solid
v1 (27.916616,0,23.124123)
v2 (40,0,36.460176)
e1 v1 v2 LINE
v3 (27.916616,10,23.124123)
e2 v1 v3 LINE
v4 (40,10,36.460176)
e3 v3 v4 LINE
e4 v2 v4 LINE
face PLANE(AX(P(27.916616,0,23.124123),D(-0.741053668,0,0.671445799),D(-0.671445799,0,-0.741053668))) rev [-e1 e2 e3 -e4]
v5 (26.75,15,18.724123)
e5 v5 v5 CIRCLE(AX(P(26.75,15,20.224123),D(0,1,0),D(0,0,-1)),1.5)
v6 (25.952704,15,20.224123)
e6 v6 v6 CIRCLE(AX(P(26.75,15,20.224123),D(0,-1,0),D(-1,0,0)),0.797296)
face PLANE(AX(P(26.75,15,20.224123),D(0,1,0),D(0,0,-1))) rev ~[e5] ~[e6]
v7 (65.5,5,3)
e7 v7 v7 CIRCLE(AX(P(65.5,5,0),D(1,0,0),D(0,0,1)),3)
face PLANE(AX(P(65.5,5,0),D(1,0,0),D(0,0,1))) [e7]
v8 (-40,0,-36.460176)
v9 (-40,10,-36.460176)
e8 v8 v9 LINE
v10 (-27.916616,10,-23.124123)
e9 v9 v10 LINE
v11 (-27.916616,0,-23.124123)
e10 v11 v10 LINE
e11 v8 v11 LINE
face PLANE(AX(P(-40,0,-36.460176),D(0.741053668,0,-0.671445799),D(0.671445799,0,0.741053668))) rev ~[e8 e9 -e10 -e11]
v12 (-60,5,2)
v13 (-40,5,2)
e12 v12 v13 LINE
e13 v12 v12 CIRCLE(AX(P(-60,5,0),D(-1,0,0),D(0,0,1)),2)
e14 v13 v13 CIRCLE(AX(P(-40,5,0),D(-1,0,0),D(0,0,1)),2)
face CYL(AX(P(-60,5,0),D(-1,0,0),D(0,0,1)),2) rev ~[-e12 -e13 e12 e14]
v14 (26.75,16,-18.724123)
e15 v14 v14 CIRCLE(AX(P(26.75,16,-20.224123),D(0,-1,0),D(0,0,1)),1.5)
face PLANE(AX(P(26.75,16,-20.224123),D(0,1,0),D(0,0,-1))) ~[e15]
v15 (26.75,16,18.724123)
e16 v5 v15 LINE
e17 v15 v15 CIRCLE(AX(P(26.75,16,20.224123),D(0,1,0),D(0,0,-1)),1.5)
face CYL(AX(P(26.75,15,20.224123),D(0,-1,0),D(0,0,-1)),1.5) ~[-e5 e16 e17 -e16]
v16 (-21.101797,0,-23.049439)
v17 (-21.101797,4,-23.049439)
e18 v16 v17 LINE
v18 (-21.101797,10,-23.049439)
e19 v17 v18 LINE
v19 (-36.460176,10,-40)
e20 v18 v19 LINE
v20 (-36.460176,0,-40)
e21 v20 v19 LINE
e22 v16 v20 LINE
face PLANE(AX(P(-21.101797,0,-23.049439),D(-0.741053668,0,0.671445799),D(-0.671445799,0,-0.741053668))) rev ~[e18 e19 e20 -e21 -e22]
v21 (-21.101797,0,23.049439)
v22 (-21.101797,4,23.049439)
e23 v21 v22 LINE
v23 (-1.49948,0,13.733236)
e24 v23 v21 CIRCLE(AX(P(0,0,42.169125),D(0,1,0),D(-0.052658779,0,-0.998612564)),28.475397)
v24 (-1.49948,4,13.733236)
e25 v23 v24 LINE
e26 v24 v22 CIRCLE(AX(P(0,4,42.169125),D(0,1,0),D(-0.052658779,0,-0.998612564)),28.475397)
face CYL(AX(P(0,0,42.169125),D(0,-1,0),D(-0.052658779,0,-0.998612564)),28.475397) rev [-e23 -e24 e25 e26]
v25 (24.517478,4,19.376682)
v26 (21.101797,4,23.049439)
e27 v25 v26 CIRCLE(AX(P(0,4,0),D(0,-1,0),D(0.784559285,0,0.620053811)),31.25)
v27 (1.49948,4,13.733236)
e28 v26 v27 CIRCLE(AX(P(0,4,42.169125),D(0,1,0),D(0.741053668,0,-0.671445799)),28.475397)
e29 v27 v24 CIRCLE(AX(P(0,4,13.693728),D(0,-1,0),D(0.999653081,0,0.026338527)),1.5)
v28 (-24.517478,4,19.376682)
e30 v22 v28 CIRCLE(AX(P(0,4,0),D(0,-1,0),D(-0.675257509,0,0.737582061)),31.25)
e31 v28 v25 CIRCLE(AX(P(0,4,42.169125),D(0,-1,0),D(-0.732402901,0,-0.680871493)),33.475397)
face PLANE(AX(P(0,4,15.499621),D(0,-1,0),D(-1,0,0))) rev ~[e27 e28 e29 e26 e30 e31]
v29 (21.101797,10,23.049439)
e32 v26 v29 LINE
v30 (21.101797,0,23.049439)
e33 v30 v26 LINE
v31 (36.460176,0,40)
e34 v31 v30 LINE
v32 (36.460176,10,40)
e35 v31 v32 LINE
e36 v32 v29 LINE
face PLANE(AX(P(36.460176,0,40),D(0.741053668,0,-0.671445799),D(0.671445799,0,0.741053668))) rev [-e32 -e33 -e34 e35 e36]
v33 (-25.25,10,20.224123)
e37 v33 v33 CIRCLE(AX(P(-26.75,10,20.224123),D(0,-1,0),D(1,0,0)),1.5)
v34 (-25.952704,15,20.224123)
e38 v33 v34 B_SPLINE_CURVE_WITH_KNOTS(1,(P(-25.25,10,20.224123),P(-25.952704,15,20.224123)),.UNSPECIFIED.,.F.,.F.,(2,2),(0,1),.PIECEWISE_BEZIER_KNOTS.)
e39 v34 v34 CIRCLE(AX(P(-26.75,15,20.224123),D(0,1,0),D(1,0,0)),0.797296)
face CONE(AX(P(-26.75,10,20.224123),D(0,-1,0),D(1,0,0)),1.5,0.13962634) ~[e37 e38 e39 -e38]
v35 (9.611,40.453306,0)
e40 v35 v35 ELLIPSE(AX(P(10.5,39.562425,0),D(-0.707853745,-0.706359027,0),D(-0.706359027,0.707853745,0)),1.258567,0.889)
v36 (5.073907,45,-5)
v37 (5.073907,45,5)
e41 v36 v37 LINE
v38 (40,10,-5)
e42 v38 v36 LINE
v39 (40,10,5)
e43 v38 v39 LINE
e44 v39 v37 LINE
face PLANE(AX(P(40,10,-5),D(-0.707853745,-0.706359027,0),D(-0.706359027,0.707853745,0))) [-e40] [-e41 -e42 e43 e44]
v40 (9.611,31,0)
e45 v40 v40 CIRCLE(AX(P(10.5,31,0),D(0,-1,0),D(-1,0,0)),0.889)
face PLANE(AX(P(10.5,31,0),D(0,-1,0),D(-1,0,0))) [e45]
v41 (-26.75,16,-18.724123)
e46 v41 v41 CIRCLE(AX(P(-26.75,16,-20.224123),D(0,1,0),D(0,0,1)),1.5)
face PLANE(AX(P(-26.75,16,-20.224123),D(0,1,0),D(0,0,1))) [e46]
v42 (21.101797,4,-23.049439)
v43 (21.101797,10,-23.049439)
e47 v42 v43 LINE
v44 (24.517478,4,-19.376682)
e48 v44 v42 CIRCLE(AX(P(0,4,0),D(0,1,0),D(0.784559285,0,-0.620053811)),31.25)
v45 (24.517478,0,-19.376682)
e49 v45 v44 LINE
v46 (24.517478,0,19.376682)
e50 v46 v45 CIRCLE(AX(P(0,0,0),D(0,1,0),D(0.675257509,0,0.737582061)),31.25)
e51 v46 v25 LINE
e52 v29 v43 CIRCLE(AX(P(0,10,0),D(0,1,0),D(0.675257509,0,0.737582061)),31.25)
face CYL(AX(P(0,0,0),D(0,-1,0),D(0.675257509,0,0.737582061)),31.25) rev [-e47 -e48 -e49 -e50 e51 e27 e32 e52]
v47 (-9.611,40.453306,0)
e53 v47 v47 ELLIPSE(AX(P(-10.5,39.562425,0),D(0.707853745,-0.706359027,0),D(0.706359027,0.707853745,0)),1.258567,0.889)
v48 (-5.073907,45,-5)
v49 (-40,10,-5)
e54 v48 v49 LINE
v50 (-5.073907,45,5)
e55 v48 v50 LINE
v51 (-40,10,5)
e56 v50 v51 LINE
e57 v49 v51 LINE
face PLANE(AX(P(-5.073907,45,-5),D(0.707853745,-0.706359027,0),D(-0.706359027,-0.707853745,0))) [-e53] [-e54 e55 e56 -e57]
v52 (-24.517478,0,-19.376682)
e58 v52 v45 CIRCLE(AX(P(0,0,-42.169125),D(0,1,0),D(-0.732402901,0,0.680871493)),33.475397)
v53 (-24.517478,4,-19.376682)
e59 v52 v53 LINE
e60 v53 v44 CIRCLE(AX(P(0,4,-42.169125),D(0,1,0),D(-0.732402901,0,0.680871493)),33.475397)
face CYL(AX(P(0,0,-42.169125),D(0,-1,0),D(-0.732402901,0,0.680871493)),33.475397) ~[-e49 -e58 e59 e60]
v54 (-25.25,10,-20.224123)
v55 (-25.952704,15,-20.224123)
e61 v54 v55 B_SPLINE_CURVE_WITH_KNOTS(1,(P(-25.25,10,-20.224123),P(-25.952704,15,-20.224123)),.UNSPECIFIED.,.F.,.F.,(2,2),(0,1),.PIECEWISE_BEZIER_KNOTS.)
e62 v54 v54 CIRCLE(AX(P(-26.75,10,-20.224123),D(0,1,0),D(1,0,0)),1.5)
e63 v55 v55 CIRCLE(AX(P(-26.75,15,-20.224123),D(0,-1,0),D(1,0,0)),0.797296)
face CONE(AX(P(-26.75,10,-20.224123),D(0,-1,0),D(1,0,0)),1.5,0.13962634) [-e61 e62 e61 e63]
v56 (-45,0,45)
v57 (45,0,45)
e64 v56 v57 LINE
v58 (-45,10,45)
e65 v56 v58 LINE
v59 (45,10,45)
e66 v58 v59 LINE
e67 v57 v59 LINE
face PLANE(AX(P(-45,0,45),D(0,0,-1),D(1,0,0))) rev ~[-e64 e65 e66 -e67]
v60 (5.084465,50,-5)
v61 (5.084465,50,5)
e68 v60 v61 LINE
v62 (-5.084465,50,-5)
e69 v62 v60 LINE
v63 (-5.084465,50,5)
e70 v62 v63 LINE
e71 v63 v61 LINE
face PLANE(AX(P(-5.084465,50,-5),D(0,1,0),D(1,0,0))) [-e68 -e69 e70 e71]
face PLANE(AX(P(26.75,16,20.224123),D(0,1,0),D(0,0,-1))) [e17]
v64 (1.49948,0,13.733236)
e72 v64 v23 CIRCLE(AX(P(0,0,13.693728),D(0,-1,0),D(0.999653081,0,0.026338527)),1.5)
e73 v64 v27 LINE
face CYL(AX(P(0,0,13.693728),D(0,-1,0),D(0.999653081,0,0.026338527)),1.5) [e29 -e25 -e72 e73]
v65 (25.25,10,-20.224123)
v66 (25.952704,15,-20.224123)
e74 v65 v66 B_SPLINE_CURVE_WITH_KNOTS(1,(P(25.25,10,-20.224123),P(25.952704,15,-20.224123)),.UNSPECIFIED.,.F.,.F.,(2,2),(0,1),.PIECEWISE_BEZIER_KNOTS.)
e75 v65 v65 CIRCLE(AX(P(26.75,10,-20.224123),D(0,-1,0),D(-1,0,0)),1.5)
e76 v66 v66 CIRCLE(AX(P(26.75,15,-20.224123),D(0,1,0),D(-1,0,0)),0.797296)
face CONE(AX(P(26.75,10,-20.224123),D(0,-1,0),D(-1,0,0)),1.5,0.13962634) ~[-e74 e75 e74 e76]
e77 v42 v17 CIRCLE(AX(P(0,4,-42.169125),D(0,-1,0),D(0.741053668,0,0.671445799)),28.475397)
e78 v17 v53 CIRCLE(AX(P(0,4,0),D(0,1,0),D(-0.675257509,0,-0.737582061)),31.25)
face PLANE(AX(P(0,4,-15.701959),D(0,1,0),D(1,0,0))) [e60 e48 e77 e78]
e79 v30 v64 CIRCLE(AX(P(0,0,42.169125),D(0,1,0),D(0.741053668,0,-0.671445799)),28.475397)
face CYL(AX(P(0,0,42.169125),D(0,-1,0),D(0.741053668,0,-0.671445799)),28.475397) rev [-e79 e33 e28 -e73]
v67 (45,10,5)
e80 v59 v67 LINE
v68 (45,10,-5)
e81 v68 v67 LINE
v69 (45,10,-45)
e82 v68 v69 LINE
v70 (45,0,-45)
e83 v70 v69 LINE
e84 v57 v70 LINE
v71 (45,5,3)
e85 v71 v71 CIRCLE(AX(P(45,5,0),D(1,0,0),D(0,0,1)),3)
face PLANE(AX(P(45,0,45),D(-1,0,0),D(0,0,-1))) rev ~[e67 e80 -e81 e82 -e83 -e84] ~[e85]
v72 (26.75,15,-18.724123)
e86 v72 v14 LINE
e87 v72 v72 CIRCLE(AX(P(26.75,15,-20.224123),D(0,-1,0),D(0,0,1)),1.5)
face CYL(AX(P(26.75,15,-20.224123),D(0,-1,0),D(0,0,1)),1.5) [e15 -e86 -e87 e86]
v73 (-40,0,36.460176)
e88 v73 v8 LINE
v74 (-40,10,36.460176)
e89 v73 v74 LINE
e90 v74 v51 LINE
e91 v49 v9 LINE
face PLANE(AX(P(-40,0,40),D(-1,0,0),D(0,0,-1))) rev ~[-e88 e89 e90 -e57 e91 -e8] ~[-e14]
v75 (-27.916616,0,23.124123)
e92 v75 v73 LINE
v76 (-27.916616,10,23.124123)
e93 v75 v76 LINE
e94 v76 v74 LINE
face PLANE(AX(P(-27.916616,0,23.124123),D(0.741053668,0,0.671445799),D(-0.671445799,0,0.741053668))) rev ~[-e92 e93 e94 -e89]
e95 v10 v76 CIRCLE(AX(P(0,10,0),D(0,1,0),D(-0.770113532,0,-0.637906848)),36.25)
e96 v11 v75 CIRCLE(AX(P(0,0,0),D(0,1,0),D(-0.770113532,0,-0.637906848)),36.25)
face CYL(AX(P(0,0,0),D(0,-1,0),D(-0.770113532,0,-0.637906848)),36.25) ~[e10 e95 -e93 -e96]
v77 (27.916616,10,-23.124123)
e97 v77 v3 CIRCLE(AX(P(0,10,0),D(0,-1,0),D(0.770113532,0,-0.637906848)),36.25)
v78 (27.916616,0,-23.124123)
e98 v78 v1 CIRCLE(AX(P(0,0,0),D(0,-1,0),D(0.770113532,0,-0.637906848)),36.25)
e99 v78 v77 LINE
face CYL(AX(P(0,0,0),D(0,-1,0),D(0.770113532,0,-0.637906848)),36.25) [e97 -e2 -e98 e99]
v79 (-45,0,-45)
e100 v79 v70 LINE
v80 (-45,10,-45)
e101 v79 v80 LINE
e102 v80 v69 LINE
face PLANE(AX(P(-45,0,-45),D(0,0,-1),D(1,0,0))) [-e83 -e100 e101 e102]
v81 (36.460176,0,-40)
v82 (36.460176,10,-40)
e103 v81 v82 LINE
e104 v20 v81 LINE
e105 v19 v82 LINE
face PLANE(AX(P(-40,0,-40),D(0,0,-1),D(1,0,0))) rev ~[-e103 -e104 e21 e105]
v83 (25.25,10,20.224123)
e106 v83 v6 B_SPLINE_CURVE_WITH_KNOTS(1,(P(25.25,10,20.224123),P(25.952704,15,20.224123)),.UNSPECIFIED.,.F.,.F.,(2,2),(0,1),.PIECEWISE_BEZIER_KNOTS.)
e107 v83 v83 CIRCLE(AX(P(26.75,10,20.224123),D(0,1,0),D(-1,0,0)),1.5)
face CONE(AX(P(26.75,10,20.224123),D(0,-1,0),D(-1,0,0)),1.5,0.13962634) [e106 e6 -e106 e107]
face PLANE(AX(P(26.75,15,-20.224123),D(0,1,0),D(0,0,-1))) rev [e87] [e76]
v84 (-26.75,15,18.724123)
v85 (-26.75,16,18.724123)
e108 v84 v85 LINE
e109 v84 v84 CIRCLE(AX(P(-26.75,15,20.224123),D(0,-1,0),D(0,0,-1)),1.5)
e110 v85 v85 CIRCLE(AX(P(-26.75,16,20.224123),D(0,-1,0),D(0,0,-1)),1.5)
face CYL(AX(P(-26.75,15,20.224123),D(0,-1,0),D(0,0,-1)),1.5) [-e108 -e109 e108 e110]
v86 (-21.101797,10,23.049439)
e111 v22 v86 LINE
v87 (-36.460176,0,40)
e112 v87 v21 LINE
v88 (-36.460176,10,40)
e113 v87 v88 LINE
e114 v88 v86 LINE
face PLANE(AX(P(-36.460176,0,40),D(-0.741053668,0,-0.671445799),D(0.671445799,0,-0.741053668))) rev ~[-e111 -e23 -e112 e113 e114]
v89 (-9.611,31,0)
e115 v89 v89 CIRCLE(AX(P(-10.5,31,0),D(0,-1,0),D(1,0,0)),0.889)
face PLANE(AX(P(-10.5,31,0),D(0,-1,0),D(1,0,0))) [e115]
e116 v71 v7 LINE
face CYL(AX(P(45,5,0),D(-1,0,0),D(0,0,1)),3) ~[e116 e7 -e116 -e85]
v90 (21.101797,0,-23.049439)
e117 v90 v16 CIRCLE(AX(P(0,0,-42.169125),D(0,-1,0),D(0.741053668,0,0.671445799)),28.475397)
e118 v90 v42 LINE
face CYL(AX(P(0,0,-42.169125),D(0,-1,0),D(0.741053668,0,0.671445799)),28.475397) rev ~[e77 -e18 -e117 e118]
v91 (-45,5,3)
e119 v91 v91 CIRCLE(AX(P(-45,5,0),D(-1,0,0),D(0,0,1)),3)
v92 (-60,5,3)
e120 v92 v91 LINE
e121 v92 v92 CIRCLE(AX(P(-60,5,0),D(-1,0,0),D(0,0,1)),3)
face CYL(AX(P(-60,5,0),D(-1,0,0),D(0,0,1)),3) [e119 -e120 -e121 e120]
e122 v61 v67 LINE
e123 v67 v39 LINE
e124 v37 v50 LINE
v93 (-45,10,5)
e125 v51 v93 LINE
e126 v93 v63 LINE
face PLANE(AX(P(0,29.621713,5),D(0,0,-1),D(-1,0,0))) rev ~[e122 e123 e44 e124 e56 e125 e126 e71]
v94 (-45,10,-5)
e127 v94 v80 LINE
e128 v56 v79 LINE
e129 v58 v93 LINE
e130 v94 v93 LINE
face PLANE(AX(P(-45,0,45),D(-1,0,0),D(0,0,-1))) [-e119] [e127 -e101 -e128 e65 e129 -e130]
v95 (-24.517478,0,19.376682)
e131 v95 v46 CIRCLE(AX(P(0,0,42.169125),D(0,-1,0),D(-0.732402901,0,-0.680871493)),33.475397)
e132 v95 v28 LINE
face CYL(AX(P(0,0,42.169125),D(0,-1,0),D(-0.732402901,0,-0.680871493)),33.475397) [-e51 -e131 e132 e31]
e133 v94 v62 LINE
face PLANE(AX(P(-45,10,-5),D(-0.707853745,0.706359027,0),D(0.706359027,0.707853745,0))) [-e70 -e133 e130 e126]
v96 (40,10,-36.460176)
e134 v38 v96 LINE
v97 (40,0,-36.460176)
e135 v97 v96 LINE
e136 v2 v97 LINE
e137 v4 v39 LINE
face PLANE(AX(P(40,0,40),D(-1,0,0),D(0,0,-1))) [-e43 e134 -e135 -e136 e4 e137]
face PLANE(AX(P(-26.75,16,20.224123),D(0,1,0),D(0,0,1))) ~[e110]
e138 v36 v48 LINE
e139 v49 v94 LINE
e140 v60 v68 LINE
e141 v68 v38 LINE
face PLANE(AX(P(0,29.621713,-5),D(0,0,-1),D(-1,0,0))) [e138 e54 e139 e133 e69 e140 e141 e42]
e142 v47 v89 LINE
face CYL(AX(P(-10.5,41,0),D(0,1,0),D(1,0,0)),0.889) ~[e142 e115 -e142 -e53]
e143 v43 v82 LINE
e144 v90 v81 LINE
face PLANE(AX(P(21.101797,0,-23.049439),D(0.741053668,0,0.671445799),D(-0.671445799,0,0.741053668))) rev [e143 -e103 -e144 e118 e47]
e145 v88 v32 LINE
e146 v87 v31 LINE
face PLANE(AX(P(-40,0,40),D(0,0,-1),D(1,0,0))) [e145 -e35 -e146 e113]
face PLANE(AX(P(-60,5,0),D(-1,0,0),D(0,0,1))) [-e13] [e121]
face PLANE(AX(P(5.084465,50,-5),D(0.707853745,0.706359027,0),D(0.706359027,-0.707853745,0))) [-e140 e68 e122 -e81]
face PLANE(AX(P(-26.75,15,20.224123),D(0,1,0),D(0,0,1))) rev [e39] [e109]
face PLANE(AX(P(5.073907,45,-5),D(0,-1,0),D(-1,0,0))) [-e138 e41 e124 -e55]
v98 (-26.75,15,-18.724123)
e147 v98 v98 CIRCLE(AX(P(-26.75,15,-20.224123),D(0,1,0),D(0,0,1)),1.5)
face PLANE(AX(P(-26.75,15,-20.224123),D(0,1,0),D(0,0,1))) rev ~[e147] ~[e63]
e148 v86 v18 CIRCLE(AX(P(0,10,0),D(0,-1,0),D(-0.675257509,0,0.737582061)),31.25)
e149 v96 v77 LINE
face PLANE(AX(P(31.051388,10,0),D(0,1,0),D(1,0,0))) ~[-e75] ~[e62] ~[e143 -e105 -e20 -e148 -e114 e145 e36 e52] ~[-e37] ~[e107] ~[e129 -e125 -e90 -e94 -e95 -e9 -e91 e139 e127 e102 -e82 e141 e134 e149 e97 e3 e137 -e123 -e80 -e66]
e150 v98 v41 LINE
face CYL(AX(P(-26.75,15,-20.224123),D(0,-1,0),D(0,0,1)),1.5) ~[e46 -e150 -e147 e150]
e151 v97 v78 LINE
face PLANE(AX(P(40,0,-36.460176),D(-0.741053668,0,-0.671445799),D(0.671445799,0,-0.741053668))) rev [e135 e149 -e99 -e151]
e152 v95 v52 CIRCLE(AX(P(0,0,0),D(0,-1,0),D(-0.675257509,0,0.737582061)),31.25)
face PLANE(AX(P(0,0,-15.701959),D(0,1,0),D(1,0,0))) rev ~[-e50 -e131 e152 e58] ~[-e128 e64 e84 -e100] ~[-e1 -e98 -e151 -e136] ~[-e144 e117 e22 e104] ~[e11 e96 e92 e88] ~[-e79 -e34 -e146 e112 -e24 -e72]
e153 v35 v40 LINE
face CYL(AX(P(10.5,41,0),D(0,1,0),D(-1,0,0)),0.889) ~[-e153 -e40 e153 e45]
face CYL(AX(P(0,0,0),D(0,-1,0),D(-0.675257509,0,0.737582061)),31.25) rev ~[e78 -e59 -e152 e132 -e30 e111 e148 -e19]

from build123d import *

# Parameters (mm, degrees)
SKETCH1_W                   = 90
SKETCH1_H                   = 90
SKETCH1_W_2                 = 80
SKETCH1_H_2                 = 80
BOSS_EXTRUDE1_DEPTH         = 10
SKETCH2_R                   = 3
BOSS_EXTRUDE2_DEPTH         = 20.5
BOSS_EXTRUDE3_DEPTH         = 5
BOSS_EXTRUDE3_DEPTH_BACK    = 5
BOSS_EXTRUDE4_START         = 15
SKETCH4_R                   = 3
BOSS_EXTRUDE4_DEPTH         = 15
BOSS_EXTRUDE5_DEPTH         = 10
BOSS_EXTRUDE6_DEPTH         = 4
SKETCH8_R                   = 1.5
BOSS_EXTRUDE7_DEPTH         = 5
BOSS_EXTRUDE7_TAPER         = 8
SKETCH9_R                   = 1.5
POST_FOR_RUBBER_BANDS_DEPTH = 1
MIRROR3_COPY_1_SKETCH_R     = 1.5
MIRROR3_COPY_1_DEPTH        = 5
MIRROR3_COPY_1_TAPER        = 8
MIRROR3_COPY_2_SKETCH_R     = 1.5
MIRROR3_COPY_2_DEPTH        = 1
SKETCH12_R                  = 0.889
BOSS_EXTRUDE10_DEPTH        = 10
CUT_EXTRUDE1_REACH          = 144.391
SKETCH13_R                  = 2


with BuildPart() as part:
    # Sketch1 → Boss-Extrude1 (new body)
    with BuildSketch(Plane(origin=(0, 0, 0), x_dir=(1, 0, 0), z_dir=(0, 1, 0))):
        Rectangle(SKETCH1_W, SKETCH1_H)
        Rectangle(SKETCH1_W_2, SKETCH1_H_2, mode=Mode.SUBTRACT)
    extrude(amount=BOSS_EXTRUDE1_DEPTH)

    # Sketch2 → Boss-Extrude2 (add)
    with BuildSketch(Plane(origin=(45, 0, 0), x_dir=(0, 0, -1), z_dir=(1, 0, 0))):
        with Locations(Location((0, 5, 0), (0, 0, 180))):
            Circle(SKETCH2_R)
    extrude(amount=BOSS_EXTRUDE2_DEPTH)

    # Sketch3 → Boss-Extrude3 (add, two sides: drawn at the far end of the back side and taken through both)
    with BuildSketch(Plane.XY.offset(-BOSS_EXTRUDE3_DEPTH_BACK)):
        Polygon((-40, 10), (-45, 10), (-5.084464777, 50), (5.084464777, 50), (45, 10), (40, 10), (5.07390668, 45), (-5.07390668, 45), align=None)
    extrude(amount=BOSS_EXTRUDE3_DEPTH + BOSS_EXTRUDE3_DEPTH_BACK)

    # Sketch4 → Boss-Extrude4 (add)
    with BuildSketch(Plane.ZY.offset(45).offset(BOSS_EXTRUDE4_START)):
        with Locations((0, 5)):
            Circle(SKETCH4_R)
    extrude(amount=-BOSS_EXTRUDE4_DEPTH)

    # Sketch5 → Boss-Extrude5 (add)
    with BuildSketch(Plane(origin=(0, 0, 0), x_dir=(1, 0, 0), z_dir=(0, 1, 0))):
        with BuildLine():
            Line((-40, -36.460175656), (-40, -40))
            Line((-40, -40), (-36.460175656, -40))
            Line((-36.460175656, -40), (-21.10179716, -23.0494394))
            ThreePointArc((-21.10179716, -23.0494394), (-31.25, 0), (-21.10179716, 23.0494394))
            Line((-21.10179716, 23.0494394), (-36.460175656, 40))
            Line((-36.460175656, 40), (-40, 40))
            Line((-40, 40), (-40, 36.460175656))
            Line((-40, 36.460175656), (-27.916615548, 23.124123255))
            ThreePointArc((-27.916615548, 23.124123255), (-36.25, 0), (-27.916615548, -23.124123255))
            Line((-27.916615548, -23.124123255), (-40, -36.460175656))
        make_face()
    boss_extrude5 = extrude(amount=BOSS_EXTRUDE5_DEPTH)

    # Mirror1: Boss-Extrude5 across plane
    add(boss_extrude5.mirror(Plane(origin=(0, 0, 0), x_dir=(0, 0, 1), z_dir=(1, 0, 0))))

    # Sketch6 → Boss-Extrude6 (add)
    with BuildSketch(Plane(origin=(0, 0, 0), x_dir=(1, 0, 0), z_dir=(0, 1, 0))):
        with BuildLine():
            ThreePointArc((-21.10179716, 23.0494394), (-22.883440442, 21.281697619), (-24.517477668, 19.376681574))
            ThreePointArc((-24.517477668, 19.376681574), (0, 8.693728204), (24.517477668, 19.376681574))
            ThreePointArc((24.517477668, 19.376681574), (22.883440442, 21.281697619), (21.10179716, 23.0494394))
            ThreePointArc((21.10179716, 23.0494394), (0, 13.693728204), (-21.10179716, 23.0494394))
        make_face()
        with BuildLine():
            ThreePointArc((-24.517477668, -19.376681574), (0, -8.693728204), (24.517477668, -19.376681574))
            ThreePointArc((24.517477668, -19.376681574), (22.883440442, -21.281697619), (21.10179716, -23.0494394))
            ThreePointArc((21.10179716, -23.0494394), (12.223024974, -16.450534785), (1.499479621, -13.733235994))
            ThreePointArc((1.499479621, -13.733235994), (0, -15.193728204), (-1.499479621, -13.733235994))
            ThreePointArc((-1.499479621, -13.733235994), (-12.223024974, -16.450534785), (-21.10179716, -23.0494394))
            ThreePointArc((-21.10179716, -23.0494394), (-22.883440442, -21.281697619), (-24.517477668, -19.376681574))
        make_face()
    extrude(amount=BOSS_EXTRUDE6_DEPTH)

    # Sketch8 → Boss-Extrude7 (add)
    with BuildSketch(Plane(origin=(0, 10, 0), x_dir=(1, 0, 0), z_dir=(0, 1, 0))):
        with Locations((-26.75, 20.224123255)):
            Circle(SKETCH8_R)
    boss_extrude7 = extrude(amount=BOSS_EXTRUDE7_DEPTH, taper=BOSS_EXTRUDE7_TAPER)

    # Sketch9 → Post for rubber bands (add)
    with BuildSketch(Plane(origin=(0, 15, 0), x_dir=(1, 0, 0), z_dir=(0, 1, 0))):
        with Locations(Location((-26.75, 20.224123255, 0), (0, 0, 270))):
            Circle(SKETCH9_R)
    post_for_rubber_bands = extrude(amount=POST_FOR_RUBBER_BANDS_DEPTH)

    # Mirror2: Boss-Extrude7, Post for rubber bands across plane
    add(boss_extrude7.mirror(Plane(origin=(0, 0, 0), x_dir=(0, 0, 1), z_dir=(1, 0, 0))))
    add(post_for_rubber_bands.mirror(Plane(origin=(0, 0, 0), x_dir=(0, 0, 1), z_dir=(1, 0, 0))))

    # Mirror3: Boss-Extrude7, Post for rubber bands across plane
    add(boss_extrude7.mirror(Plane.XY))
    add(post_for_rubber_bands.mirror(Plane.XY))

    # Mirror3 copy 1 sketch → Mirror3 copy 1 (add)
    with BuildSketch(Plane(origin=(0, 10, 0), x_dir=(-1, 0, 0), z_dir=(0, 1, 0))):
        with Locations((-26.75, 20.224123255)):
            Circle(MIRROR3_COPY_1_SKETCH_R)
    extrude(amount=MIRROR3_COPY_1_DEPTH, taper=MIRROR3_COPY_1_TAPER)

    # Mirror3 copy 2 sketch → Mirror3 copy 2 (add)
    with BuildSketch(Plane(origin=(0, 15, 0), x_dir=(-1, 0, 0), z_dir=(0, 1, 0))):
        with Locations(Location((-26.75, 20.224123255, 0), (0, 0, 270))):
            Circle(MIRROR3_COPY_2_SKETCH_R)
    extrude(amount=MIRROR3_COPY_2_DEPTH)

    # Sketch12 → Boss-Extrude10 (add)
    with BuildSketch(Plane(origin=(0, 41, 0), x_dir=(-1, 0, 0), z_dir=(0, -1, 0))):
        with Locations((-10.5, 0)):
            Circle(SKETCH12_R)
        with Locations(Location((10.5, 0, 0), (0, 0, 180))):
            Circle(SKETCH12_R)
    extrude(amount=BOSS_EXTRUDE10_DEPTH)

    # Sketch13 → Cut-Extrude1 (cut, up to next)
    with BuildSketch(Plane.ZY.offset(60), mode=Mode.PRIVATE) as cut_extrude1_sk1:
        with Locations((0, 5)):
            Circle(SKETCH13_R)
    cut_extrude1_tool1 = extrude(cut_extrude1_sk1.sketch, amount=-CUT_EXTRUDE1_REACH, mode=Mode.PRIVATE) & part.part
    add(cut_extrude1_tool1.solids().sort_by_distance((-60, 5, 0))[0], mode=Mode.SUBTRACT)


solid = part.part
